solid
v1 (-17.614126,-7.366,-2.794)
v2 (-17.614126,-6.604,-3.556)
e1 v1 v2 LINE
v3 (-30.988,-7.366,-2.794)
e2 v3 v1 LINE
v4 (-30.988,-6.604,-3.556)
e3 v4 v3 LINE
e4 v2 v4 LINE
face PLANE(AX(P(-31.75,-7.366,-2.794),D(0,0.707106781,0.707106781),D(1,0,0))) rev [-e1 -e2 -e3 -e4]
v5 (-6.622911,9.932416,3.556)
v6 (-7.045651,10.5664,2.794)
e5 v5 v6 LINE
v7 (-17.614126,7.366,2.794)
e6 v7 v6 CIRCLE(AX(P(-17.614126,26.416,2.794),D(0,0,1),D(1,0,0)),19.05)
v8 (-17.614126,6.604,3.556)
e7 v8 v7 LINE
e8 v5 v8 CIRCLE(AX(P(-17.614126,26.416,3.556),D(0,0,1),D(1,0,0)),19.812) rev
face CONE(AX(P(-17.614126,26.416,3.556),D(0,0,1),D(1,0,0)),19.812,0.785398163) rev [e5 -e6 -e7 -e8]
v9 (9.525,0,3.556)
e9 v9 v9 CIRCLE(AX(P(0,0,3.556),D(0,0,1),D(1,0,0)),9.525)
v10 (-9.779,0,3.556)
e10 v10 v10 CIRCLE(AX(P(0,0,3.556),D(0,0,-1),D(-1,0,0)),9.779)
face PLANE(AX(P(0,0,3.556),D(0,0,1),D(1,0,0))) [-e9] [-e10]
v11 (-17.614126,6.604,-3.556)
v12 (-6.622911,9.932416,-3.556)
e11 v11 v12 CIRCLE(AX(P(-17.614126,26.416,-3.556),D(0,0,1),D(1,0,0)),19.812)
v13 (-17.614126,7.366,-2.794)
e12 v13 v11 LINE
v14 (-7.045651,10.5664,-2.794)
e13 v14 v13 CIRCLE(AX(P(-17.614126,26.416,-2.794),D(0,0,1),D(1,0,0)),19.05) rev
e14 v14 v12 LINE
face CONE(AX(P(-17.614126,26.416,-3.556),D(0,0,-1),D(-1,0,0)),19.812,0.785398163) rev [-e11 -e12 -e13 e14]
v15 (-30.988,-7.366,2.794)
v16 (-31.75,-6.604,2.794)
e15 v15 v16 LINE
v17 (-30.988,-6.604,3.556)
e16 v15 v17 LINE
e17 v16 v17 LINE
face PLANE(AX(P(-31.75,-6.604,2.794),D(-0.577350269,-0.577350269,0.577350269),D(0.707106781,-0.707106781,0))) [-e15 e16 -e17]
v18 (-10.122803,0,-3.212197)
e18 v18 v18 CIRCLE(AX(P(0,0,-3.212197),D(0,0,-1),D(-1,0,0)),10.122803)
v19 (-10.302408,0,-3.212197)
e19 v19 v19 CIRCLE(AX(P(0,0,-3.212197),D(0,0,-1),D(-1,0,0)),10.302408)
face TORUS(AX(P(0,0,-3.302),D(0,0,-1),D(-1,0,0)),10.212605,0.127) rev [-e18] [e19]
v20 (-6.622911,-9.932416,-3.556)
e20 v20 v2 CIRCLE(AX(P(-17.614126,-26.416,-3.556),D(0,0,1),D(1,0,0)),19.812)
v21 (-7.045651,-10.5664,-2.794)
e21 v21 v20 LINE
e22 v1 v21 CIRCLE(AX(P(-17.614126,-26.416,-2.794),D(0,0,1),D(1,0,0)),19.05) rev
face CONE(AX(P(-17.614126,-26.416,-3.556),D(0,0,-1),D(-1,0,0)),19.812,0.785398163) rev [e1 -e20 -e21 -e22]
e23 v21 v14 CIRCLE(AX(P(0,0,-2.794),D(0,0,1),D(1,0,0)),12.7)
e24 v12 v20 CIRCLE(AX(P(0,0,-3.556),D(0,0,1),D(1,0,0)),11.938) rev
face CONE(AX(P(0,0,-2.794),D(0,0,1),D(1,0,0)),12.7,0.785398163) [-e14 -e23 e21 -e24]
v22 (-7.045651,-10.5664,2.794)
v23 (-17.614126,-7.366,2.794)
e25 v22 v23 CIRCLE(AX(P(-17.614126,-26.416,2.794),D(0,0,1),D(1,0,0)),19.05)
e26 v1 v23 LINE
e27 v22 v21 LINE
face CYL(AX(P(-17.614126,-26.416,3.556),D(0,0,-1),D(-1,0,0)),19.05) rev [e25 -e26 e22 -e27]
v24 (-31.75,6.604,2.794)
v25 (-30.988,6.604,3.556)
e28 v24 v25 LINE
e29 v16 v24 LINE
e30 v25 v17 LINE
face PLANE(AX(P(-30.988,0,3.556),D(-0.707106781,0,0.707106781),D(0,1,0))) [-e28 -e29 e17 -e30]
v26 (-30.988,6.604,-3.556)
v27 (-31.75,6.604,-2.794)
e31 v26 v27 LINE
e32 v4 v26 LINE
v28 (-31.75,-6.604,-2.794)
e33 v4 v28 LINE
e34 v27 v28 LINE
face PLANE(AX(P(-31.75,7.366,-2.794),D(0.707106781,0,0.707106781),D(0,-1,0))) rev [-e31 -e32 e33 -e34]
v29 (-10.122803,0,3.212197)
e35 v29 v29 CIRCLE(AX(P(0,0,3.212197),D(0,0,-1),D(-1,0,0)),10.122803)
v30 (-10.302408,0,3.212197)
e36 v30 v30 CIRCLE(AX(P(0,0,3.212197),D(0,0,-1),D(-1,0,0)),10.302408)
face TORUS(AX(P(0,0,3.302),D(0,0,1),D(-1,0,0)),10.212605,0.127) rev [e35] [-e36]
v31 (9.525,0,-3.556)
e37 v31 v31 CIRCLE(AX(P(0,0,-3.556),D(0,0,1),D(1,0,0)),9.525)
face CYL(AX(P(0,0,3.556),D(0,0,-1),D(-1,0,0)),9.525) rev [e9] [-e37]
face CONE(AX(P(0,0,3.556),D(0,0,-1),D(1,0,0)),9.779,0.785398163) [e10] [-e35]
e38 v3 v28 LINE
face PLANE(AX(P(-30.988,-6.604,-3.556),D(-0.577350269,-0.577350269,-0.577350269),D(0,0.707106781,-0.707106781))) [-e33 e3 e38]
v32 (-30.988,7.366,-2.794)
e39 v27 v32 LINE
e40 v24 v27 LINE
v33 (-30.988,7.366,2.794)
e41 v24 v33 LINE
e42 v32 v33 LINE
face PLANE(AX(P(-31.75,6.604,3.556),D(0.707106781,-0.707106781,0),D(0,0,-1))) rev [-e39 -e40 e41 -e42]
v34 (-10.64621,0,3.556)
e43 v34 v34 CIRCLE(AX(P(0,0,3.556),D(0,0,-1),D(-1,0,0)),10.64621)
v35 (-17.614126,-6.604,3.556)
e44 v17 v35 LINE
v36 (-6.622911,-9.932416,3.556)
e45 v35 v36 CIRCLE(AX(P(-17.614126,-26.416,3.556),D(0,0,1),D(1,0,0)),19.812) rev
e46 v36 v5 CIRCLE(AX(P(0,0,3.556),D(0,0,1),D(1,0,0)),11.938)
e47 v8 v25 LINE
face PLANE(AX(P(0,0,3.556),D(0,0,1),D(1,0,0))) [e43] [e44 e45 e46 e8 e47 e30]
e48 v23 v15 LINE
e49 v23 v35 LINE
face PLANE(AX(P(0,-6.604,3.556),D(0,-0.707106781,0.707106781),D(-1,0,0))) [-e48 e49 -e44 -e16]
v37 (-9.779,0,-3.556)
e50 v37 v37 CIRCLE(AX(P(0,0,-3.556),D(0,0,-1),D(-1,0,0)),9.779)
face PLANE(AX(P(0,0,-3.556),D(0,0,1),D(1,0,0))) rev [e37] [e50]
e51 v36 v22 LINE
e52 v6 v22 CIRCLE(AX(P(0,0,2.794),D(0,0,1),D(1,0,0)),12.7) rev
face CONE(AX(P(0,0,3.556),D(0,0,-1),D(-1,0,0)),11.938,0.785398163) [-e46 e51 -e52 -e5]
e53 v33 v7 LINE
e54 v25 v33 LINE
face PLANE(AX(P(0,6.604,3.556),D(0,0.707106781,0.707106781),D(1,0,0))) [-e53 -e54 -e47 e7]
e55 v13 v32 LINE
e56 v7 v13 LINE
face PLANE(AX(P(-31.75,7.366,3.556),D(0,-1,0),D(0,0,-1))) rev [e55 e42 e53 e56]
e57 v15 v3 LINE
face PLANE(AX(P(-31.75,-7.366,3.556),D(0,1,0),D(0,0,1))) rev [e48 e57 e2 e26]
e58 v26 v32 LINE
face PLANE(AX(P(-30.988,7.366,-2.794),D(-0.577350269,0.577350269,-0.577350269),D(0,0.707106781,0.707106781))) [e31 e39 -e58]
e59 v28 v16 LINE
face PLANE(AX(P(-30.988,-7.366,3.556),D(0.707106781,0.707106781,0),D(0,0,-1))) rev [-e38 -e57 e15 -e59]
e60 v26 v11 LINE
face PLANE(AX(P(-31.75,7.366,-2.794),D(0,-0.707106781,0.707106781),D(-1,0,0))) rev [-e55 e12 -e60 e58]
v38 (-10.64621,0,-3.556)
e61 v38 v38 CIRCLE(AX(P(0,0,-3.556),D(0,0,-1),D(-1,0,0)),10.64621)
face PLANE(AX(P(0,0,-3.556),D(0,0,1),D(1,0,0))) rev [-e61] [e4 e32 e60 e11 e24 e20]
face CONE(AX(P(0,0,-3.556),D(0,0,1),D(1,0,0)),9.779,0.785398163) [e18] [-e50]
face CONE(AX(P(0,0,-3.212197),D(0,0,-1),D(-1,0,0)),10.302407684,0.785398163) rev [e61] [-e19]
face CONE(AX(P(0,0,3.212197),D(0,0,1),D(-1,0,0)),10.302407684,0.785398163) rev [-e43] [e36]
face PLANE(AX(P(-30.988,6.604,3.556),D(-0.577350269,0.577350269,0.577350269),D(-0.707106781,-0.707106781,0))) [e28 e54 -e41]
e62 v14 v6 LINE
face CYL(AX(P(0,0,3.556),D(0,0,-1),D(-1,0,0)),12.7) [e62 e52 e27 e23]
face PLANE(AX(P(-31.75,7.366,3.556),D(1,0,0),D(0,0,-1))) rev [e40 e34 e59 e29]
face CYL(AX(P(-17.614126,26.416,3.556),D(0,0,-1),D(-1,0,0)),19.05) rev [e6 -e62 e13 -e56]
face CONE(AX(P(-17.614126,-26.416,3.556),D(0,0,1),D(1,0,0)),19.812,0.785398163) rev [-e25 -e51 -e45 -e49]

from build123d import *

# Parameters (mm, degrees)
SKETCH1_R           = 9.525
BOSS_EXTRUDE1_DEPTH = 3.556
FILLET1_R           = 19.05
CHAMFER2_SIZE       = 0.762


with BuildPart() as part:
    # Sketch1 → Boss-Extrude1 (new body, symmetric)
    with BuildSketch(Plane.XY):
        with BuildLine():
            Line((-31.75, 7.366), (-31.75, -7.366))
            Line((-31.75, -7.366), (-10.345629222, -7.366))
            ThreePointArc((-10.345629222, -7.366), (12.7, 0), (-10.345629222, 7.366))
            Line((-10.345629222, 7.366), (-31.75, 7.366))
        make_face()
        Circle(SKETCH1_R, mode=Mode.SUBTRACT)
    extrude(amount=BOSS_EXTRUDE1_DEPTH, both=True)

    # Fillet1
    fillet1_edges = [part.edges().sort_by_distance(p)[0] for p in [
        (-10.345629222, 7.366, 0),
        (-10.345629222, -7.366, 0),
    ]]
    fillet(fillet1_edges, radius=FILLET1_R)

    # Chamfer2
    chamfer2_edges = [part.edges().sort_by_distance(p)[0] for p in [
        (-24.682063131, -7.366, 3.556),
        (-24.682063131, 7.366, -3.556),
        (-24.682063131, 7.366, 3.556),
        (12.7, 0, -3.556),
        (12.7, 0, 3.556),
        (-12.092911722, 8.183647162, -3.556),
        (-12.092911722, 8.183647162, 3.556),
        (-12.092911722, -8.183647162, -3.556),
        (-12.092911722, -8.183647162, 3.556),
        (-24.682063131, -7.366, -3.556),
        (-31.75, 0, -3.556),
        (-31.75, -7.366, 0),
        (-31.75, 7.366, 0),
        (-31.75, 0, 3.556),
    ]]
    chamfer(chamfer2_edges, length=CHAMFER2_SIZE)

    # Sketch2 → Cut-Revolve1 (revolve, cut)
    with BuildSketch(Plane(origin=(0, 0, 0), x_dir=(1, 0, 0), z_dir=(0, 1, 0))):
        with BuildLine():
            Line((10.646210245, 3.556), (10.302407684, 3.212197439))
            ThreePointArc((10.302407684, 3.212197439), (10.212605122, 3.175), (10.122802561, 3.212197439))
            Line((10.122802561, 3.212197439), (9.779, 3.556))
            Line((9.779, 3.556), (10.646210245, 3.556))
        make_face()
    cut_revolve1 = revolve(axis=Axis((0, 0, -14.192615474), (0, 0, 1)), mode=Mode.SUBTRACT)

    # Mirror1: Cut-Revolve1 across plane
    add(cut_revolve1.mirror(Plane.XY), mode=Mode.SUBTRACT)


solid = part.part
